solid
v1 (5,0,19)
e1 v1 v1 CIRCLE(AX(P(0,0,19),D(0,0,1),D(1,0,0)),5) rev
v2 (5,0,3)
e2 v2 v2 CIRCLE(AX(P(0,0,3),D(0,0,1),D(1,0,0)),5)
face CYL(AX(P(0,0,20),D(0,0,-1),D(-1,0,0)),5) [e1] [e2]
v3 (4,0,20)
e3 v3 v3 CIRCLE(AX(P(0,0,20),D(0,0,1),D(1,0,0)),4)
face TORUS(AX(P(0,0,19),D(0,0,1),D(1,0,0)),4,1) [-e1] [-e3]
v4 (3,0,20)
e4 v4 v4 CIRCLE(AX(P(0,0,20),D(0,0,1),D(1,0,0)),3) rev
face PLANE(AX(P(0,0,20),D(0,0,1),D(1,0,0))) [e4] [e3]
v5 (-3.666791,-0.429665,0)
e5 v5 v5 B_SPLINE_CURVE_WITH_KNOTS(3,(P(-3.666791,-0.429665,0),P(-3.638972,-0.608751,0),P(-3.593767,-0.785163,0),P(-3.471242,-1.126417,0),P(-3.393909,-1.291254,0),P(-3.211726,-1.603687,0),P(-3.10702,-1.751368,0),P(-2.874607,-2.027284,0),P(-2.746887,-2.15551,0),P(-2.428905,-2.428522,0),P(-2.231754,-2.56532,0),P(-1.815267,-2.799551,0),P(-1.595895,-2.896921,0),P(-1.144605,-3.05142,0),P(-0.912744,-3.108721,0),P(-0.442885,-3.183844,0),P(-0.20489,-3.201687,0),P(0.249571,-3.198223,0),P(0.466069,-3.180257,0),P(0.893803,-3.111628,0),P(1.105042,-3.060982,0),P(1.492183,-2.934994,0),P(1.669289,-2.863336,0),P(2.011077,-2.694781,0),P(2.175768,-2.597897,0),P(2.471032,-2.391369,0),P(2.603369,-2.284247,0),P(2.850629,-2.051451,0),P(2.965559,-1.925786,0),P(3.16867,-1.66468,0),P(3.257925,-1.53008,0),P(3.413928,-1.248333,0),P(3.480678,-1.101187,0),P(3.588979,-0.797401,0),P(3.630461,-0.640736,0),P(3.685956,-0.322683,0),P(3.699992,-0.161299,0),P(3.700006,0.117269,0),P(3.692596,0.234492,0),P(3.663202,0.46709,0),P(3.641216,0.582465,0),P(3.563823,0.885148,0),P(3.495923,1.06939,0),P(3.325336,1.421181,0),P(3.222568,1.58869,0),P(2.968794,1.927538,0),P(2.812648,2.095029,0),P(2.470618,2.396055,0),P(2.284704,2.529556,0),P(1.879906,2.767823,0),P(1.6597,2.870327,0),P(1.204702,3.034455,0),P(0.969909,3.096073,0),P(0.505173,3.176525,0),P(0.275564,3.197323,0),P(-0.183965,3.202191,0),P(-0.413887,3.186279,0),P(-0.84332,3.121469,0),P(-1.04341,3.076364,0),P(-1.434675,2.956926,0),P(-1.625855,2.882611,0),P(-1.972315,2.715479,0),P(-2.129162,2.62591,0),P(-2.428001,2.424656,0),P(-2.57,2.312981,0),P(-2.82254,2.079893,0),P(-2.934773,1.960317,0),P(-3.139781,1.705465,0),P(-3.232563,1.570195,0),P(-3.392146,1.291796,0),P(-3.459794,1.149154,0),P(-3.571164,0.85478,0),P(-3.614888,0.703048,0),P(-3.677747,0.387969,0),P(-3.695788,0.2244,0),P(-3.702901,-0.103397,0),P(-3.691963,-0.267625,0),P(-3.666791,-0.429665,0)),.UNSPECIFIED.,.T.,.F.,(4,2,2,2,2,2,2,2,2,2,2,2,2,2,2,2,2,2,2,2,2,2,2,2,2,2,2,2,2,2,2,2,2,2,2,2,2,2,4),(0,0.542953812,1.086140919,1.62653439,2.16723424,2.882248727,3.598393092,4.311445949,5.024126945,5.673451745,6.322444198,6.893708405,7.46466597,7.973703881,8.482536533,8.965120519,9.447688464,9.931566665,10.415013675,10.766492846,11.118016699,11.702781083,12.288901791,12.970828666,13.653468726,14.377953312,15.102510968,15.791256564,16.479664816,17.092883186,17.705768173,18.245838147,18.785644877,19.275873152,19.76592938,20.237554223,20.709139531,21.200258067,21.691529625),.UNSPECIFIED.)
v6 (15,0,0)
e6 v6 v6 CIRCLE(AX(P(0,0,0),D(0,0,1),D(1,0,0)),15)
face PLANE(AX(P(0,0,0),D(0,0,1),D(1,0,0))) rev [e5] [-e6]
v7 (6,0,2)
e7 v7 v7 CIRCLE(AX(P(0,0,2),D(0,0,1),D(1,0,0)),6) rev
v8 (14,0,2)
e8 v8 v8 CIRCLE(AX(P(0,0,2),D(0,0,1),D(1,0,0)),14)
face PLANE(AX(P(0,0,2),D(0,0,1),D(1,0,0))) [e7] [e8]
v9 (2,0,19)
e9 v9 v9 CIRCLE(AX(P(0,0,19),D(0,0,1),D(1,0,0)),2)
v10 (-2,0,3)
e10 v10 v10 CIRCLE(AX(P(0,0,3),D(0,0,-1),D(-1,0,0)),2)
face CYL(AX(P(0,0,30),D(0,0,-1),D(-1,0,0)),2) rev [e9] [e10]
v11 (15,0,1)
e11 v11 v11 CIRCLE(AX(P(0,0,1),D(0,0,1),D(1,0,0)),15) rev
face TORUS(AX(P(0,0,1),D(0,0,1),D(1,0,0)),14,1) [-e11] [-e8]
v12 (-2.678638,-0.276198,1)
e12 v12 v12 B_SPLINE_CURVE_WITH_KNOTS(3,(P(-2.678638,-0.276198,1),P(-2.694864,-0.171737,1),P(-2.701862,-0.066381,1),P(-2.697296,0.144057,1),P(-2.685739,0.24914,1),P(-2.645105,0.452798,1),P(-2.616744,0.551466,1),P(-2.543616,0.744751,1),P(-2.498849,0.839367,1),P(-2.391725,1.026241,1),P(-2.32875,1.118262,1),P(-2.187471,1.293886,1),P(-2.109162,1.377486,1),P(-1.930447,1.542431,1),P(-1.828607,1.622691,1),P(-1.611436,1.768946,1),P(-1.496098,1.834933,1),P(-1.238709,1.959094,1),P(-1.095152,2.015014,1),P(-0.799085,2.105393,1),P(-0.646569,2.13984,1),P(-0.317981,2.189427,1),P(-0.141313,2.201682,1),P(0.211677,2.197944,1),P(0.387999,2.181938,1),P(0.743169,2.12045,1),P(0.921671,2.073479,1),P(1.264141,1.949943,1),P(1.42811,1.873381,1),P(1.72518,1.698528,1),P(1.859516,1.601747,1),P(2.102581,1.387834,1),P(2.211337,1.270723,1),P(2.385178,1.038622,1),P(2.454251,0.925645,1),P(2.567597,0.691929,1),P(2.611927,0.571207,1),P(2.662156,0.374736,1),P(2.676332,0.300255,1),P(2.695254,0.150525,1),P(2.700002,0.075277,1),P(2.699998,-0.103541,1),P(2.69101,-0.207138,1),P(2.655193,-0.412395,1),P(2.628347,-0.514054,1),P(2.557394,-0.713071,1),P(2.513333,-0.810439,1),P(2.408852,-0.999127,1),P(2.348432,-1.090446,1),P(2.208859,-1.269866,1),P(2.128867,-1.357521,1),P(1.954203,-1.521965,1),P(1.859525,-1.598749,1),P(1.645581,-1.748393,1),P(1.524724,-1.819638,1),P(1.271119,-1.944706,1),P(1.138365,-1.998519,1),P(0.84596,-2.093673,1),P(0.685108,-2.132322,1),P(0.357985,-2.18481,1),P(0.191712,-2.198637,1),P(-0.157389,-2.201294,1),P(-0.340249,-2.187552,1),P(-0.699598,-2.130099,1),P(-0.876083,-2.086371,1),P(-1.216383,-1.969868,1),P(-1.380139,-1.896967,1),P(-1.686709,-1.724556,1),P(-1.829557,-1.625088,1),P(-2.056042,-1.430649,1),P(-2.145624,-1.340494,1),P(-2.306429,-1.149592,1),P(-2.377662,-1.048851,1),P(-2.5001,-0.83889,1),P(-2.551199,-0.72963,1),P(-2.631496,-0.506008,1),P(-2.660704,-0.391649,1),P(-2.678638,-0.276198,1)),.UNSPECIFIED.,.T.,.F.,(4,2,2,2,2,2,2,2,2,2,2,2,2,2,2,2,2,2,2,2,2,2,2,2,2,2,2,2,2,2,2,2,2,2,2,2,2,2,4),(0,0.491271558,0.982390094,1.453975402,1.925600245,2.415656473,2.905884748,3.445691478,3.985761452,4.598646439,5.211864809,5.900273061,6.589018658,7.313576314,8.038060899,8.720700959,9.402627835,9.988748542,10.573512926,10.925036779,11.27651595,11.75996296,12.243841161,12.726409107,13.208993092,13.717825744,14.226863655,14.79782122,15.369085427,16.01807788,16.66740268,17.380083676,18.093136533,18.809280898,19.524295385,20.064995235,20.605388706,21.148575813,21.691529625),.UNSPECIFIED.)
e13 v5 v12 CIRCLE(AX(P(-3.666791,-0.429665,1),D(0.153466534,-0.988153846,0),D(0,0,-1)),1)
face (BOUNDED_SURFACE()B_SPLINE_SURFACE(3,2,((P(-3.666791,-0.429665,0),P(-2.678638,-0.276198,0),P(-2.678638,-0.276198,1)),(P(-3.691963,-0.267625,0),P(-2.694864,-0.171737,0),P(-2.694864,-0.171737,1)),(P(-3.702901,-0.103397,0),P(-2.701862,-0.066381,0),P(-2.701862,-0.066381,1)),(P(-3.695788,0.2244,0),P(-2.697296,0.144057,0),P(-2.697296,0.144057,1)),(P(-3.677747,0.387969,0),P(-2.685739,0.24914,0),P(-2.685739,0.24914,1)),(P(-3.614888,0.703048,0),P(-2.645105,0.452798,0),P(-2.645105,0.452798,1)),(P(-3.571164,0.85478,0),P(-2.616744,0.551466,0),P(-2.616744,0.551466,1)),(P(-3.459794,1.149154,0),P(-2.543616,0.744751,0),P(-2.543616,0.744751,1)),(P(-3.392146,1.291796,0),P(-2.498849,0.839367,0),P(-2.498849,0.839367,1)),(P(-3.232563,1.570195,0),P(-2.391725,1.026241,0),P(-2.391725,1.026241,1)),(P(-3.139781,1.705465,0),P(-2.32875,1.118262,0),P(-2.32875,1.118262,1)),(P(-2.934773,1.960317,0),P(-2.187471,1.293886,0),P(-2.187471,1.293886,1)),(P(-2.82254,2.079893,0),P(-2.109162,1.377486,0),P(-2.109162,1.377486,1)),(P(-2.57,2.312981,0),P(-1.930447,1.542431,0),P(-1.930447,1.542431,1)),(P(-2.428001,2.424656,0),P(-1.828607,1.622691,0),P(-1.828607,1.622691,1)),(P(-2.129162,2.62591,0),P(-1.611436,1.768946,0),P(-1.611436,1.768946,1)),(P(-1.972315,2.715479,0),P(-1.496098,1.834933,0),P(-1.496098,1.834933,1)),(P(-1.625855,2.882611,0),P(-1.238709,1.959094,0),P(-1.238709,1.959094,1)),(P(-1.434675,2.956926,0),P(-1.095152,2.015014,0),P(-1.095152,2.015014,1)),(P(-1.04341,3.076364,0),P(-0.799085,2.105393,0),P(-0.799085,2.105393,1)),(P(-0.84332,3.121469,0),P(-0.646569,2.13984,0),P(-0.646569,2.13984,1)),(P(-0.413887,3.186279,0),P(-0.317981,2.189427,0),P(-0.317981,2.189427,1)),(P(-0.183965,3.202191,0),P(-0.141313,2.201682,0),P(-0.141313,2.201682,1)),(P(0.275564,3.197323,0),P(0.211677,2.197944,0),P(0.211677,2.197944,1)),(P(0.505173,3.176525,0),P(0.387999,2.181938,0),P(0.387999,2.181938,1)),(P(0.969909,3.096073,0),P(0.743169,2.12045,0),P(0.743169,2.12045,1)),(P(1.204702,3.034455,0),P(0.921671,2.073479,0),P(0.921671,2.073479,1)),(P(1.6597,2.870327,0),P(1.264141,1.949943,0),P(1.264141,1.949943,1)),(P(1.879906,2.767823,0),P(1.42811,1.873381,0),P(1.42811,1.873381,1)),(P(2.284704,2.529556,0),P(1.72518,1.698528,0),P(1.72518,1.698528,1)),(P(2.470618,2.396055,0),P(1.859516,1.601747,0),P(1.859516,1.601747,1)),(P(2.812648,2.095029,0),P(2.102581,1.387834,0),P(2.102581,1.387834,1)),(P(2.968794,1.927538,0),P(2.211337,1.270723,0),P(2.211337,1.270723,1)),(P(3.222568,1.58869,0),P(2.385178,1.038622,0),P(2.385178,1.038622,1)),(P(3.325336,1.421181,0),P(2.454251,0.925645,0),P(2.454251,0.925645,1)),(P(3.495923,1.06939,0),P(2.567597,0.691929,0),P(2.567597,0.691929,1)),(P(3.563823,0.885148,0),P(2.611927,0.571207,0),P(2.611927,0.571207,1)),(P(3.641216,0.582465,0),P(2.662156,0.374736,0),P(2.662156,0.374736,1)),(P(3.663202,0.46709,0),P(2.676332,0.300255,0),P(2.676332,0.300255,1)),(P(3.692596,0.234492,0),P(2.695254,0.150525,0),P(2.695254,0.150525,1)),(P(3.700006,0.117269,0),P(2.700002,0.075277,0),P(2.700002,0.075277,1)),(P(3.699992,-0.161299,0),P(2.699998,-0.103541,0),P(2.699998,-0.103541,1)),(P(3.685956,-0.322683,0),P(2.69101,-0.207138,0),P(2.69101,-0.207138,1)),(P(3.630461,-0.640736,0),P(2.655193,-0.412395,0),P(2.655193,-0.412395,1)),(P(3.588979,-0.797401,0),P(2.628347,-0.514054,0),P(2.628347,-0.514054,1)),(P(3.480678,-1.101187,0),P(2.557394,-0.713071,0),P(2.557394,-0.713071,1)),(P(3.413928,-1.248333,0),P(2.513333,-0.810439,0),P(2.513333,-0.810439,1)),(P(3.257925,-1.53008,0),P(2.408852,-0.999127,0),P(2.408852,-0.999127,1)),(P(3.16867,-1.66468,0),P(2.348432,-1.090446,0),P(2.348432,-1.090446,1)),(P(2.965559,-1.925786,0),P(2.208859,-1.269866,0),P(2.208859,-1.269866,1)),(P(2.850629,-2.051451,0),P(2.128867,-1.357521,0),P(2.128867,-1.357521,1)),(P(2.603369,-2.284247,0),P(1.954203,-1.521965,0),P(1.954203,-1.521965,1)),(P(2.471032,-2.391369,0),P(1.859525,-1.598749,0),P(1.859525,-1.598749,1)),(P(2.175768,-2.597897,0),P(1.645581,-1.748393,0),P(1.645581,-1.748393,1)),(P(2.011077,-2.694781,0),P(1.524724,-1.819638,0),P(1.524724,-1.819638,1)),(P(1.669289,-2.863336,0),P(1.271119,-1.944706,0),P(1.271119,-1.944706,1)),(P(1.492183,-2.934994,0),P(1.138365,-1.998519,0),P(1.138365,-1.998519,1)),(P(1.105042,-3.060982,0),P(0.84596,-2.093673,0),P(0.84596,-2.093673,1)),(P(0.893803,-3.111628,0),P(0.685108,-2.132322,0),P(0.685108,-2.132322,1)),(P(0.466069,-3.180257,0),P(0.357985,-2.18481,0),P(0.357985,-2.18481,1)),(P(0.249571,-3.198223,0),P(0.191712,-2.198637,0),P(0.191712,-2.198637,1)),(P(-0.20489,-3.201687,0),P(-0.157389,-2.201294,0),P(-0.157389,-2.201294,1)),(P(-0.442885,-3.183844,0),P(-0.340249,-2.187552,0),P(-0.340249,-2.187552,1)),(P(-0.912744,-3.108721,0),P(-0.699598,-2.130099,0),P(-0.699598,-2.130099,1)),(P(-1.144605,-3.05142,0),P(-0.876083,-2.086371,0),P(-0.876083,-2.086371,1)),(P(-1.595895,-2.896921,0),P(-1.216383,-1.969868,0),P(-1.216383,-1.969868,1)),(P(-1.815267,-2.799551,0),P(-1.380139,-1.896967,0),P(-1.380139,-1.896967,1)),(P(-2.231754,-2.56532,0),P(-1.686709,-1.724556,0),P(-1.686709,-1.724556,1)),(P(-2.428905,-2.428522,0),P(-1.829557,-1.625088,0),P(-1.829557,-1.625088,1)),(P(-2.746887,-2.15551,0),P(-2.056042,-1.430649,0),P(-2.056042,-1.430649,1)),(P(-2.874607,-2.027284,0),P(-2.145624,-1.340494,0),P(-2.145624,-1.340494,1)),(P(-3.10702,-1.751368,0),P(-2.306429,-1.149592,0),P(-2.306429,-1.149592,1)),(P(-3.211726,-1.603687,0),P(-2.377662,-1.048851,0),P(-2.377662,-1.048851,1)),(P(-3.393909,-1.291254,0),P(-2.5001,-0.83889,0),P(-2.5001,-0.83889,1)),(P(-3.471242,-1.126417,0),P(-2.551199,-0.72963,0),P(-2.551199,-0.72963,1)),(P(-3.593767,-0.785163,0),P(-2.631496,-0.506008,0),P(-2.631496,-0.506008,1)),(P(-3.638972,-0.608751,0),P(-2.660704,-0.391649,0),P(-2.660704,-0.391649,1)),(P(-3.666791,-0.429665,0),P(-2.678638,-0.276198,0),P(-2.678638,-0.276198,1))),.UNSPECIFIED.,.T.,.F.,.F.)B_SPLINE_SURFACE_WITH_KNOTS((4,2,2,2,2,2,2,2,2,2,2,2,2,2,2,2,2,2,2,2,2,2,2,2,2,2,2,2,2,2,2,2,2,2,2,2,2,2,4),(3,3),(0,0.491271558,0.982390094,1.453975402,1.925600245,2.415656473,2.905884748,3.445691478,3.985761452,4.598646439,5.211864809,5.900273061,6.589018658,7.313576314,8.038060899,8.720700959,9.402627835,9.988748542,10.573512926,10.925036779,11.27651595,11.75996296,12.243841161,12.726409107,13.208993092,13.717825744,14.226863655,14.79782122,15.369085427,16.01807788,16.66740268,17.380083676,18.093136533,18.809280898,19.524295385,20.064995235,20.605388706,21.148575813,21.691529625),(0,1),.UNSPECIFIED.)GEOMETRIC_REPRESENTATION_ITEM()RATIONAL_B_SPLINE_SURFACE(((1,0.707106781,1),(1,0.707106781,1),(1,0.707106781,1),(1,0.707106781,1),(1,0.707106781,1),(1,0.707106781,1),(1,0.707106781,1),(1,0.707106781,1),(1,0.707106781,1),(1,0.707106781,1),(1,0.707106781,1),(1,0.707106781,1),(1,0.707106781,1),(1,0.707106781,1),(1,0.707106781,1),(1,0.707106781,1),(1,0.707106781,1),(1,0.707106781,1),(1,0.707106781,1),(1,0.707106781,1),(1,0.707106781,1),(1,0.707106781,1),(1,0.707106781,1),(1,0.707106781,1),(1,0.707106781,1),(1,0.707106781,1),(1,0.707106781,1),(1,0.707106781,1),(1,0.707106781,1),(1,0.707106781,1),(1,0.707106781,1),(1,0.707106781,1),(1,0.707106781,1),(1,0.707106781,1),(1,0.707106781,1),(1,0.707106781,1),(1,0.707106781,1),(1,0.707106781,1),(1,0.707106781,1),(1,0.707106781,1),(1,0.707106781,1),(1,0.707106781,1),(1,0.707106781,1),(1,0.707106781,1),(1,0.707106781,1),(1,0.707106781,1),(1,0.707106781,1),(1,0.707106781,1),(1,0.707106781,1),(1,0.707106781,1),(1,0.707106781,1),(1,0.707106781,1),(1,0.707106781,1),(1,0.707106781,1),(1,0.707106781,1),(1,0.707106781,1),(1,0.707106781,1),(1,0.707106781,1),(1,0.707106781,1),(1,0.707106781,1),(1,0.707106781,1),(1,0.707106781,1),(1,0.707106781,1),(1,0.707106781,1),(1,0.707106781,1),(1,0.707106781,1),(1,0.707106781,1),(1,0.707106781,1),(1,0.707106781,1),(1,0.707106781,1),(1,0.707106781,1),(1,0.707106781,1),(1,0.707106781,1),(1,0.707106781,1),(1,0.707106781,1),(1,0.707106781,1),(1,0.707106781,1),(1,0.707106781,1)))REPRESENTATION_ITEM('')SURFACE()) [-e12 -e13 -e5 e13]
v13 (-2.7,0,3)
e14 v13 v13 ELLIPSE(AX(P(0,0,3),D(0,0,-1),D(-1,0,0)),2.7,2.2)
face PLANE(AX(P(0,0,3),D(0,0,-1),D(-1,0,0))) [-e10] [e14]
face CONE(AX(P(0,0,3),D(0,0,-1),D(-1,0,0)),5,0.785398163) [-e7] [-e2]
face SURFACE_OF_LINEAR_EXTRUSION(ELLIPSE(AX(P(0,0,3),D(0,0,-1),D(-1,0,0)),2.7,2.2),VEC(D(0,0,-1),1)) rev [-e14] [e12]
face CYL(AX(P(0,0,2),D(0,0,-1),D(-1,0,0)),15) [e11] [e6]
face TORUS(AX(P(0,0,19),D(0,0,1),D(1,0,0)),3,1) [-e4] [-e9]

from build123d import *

# Parameters (mm, degrees)
SKETCH1_R           = 15
BOSS_EXTRUDE1_DEPTH = 2
SKETCH2_R           = 5
BOSS_EXTRUDE2_DEPTH = 18
SKETCH3_RX          = 2.7
SKETCH3_RY          = 2.2
CUT_EXTRUDE1_DEPTH  = 3
SKETCH4_R           = 2
CUT_EXTRUDE2_DEPTH  = 30
FILLET2_R           = 1
CHAMFER1_SIZE       = 1
FILLET3_R           = 1
FILLET4_R           = 1
FILLET6_R           = 1


with BuildPart() as part:
    # Sketch1 → Boss-Extrude1 (new body)
    with BuildSketch(Plane.XY):
        Circle(SKETCH1_R)
    extrude(amount=BOSS_EXTRUDE1_DEPTH)

    # Sketch2 → Boss-Extrude2 (add)
    with BuildSketch(Plane.XY.offset(2)):
        Circle(SKETCH2_R)
    extrude(amount=BOSS_EXTRUDE2_DEPTH)

    # Sketch3 → Cut-Extrude1 (cut)
    with BuildSketch(Plane(origin=(0, 0, 0), x_dir=(-1, 0, 0), z_dir=(0, 0, -1))):
        with Locations(Location((0, 0), (0, 0, 0))):
            Ellipse(SKETCH3_RX, SKETCH3_RY)
    extrude(amount=-CUT_EXTRUDE1_DEPTH, mode=Mode.SUBTRACT)

    # Sketch4 → Cut-Extrude2 (cut)
    with BuildSketch(Plane(origin=(0, 0, 0), x_dir=(-1, 0, 0), z_dir=(0, 0, -1))):
        Circle(SKETCH4_R)
    extrude(amount=-CUT_EXTRUDE2_DEPTH, mode=Mode.SUBTRACT)

    # Fillet2
    fillet2_edges = [part.edges().sort_by_distance(p)[0] for p in [
        (2.699999981, -0.000263168, 0),
    ]]
    fillet(fillet2_edges, radius=FILLET2_R)

    # Chamfer1
    chamfer1_edges = [part.edges().sort_by_distance(p)[0] for p in [
        (-5, 0, 2),
    ]]
    chamfer(chamfer1_edges, length=CHAMFER1_SIZE)

    # Fillet3
    fillet3_edges = [part.edges().sort_by_distance(p)[0] for p in [
        (-15, 0, 2),
    ]]
    fillet(fillet3_edges, radius=FILLET3_R)

    # Fillet4
    fillet4_edges = [part.edges().sort_by_distance(p)[0] for p in [
        (-5, 0, 20),
    ]]
    fillet(fillet4_edges, radius=FILLET4_R)

    # Fillet6
    fillet6_edges = [part.edges().sort_by_distance(p)[0] for p in [
        (2, 0, 20),
    ]]
    fillet(fillet6_edges, radius=FILLET6_R)


solid = part.part
